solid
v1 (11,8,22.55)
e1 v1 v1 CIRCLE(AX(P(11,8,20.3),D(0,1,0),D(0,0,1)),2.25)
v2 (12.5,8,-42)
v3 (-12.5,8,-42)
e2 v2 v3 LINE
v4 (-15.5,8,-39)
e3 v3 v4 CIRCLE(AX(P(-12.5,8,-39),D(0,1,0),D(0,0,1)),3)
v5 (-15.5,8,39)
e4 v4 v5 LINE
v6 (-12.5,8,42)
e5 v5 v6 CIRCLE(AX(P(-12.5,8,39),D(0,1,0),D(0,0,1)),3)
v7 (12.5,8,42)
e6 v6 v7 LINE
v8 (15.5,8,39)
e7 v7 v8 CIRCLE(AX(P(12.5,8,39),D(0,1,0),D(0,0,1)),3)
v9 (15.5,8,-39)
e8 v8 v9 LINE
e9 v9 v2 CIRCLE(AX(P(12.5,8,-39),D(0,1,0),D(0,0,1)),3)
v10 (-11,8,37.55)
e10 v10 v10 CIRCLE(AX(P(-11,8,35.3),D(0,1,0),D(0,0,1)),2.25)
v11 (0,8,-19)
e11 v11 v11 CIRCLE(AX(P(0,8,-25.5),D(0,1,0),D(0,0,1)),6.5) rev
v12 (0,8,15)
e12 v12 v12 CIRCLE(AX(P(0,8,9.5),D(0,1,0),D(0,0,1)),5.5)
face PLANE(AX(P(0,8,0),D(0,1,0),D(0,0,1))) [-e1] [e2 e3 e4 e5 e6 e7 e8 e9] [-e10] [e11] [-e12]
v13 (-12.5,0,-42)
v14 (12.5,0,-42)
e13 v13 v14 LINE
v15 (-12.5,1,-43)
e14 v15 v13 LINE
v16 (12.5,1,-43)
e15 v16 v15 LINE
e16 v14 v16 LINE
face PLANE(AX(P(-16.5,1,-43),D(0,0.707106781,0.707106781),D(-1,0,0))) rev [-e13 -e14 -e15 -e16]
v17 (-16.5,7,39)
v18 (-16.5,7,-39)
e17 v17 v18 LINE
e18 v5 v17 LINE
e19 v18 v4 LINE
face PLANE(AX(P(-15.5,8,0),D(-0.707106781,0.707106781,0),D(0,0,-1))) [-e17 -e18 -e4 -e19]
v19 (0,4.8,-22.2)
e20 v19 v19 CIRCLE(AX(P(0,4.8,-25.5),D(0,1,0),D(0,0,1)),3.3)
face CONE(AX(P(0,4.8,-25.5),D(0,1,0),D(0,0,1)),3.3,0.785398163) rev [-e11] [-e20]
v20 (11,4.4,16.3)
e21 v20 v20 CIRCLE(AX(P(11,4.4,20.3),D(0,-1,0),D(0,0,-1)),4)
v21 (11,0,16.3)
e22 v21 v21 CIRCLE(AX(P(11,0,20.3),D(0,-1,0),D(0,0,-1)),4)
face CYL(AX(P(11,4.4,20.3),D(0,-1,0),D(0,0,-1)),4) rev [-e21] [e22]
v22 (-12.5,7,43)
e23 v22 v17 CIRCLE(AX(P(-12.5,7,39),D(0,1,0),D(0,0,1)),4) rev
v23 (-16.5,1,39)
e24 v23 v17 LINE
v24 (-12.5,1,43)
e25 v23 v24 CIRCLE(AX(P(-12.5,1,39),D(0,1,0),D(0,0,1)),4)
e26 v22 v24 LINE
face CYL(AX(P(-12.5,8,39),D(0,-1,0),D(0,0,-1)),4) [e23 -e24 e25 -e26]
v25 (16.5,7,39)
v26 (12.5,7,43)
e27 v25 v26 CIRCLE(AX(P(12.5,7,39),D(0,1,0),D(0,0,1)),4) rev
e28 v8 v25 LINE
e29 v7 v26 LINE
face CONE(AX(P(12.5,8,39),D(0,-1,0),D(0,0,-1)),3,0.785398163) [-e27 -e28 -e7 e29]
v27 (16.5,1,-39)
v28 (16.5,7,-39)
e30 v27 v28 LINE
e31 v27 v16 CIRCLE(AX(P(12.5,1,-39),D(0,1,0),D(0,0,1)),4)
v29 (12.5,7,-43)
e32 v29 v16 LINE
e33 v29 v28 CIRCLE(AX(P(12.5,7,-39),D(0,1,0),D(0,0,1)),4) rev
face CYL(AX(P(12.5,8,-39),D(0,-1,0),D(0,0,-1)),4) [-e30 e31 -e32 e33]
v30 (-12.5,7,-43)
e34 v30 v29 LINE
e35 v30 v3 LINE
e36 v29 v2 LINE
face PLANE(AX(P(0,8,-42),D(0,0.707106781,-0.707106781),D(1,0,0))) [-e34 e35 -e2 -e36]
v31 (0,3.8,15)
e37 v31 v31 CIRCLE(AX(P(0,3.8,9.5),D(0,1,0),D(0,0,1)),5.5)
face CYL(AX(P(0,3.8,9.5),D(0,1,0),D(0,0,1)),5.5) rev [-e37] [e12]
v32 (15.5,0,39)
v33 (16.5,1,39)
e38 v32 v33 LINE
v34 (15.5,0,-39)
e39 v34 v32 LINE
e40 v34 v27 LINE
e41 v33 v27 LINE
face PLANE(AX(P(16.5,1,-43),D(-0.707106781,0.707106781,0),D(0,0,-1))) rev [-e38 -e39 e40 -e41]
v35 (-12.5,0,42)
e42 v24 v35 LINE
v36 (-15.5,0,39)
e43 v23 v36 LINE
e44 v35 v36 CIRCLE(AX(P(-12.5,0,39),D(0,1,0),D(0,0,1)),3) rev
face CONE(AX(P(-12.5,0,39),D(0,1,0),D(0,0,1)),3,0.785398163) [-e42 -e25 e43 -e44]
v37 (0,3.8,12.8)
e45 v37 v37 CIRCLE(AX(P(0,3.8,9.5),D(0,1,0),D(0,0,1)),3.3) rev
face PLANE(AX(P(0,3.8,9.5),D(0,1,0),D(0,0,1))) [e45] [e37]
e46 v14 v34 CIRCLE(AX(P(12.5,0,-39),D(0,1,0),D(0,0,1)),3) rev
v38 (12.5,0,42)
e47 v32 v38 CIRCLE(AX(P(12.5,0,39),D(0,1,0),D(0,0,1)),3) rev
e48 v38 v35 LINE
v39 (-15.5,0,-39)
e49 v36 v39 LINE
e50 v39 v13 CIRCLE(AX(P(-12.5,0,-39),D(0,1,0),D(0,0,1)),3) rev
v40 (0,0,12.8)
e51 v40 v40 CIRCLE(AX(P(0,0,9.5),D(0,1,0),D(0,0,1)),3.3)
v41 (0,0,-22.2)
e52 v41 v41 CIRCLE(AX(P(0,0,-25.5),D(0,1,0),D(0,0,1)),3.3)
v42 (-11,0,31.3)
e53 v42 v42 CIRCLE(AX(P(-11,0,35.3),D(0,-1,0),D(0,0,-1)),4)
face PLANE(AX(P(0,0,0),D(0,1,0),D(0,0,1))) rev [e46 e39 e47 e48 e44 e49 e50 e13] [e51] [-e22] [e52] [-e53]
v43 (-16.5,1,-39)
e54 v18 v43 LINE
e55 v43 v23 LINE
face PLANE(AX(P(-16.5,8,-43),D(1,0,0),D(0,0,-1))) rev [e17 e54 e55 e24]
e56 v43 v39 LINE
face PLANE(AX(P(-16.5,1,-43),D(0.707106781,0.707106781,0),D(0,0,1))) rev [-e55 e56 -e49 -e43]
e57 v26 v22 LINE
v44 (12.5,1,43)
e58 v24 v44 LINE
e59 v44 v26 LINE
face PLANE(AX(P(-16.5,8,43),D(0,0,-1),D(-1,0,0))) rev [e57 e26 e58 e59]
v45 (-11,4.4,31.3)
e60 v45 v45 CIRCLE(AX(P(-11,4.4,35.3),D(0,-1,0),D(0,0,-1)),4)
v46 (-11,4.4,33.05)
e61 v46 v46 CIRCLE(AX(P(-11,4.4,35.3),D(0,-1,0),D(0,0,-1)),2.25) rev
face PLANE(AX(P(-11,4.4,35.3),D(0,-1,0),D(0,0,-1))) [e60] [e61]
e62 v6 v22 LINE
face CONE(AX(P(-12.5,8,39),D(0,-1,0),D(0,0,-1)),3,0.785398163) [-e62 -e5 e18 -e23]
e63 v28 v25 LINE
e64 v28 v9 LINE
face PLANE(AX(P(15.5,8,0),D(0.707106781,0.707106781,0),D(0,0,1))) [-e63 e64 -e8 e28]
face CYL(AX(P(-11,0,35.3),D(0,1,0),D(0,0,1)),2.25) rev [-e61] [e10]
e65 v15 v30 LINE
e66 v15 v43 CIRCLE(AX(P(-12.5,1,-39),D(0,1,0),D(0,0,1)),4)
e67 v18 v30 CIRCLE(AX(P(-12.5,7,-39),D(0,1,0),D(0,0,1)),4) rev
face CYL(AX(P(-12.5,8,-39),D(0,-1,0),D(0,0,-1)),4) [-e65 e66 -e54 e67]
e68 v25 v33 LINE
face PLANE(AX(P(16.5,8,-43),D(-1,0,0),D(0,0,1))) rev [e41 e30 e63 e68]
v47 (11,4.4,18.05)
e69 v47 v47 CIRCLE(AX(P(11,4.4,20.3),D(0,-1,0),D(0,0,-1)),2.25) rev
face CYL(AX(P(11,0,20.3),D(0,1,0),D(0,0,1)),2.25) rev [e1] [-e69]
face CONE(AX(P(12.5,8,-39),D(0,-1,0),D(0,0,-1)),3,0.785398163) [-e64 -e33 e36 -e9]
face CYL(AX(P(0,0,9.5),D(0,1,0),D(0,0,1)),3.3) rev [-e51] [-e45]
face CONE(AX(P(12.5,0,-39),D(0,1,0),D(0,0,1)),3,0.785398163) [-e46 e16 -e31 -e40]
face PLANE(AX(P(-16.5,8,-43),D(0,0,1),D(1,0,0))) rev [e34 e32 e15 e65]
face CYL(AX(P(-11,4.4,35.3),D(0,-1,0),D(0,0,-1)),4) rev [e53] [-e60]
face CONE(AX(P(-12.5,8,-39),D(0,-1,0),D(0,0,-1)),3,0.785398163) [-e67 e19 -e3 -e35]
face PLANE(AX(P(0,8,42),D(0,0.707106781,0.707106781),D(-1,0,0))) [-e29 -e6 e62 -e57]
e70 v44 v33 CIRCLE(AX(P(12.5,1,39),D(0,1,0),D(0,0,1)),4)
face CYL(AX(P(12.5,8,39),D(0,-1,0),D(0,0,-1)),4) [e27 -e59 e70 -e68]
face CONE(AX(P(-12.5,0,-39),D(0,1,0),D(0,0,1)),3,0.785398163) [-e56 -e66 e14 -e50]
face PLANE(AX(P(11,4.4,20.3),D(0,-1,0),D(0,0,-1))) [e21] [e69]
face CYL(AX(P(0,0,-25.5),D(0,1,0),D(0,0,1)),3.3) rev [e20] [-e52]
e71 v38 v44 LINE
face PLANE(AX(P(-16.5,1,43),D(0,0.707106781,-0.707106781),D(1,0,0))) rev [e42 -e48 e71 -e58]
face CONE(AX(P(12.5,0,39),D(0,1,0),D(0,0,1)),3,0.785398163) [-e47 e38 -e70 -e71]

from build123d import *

# Parameters (mm, degrees)
SKETCH1_W           = 33
SKETCH1_H           = 86
BOSS_EXTRUDE1_DEPTH = 8
FILLET1_R           = 4
CHAMFER1_SIZE       = 1
SKETCH2_R           = 3.3
SKETCH2_R_2         = 2.25
CUT_EXTRUDE1_DEPTH  = 8
SKETCH3_R           = 5.5
CUT_EXTRUDE2_DEPTH  = 4.2
CHAMFER3_SIZE       = 3.2
SKETCH4_R           = 4
CUT_EXTRUDE3_DEPTH  = 4.4


with BuildPart() as part:
    # Sketch1 → Boss-Extrude1 (new body)
    with BuildSketch(Plane(origin=(0, 0, 0), x_dir=(1, 0, 0), z_dir=(0, 1, 0))):
        Rectangle(SKETCH1_W, SKETCH1_H)
    extrude(amount=BOSS_EXTRUDE1_DEPTH)

    # Fillet1
    fillet1_edges = [part.edges().sort_by_distance(p)[0] for p in [
        (16.5, 4, 43),
        (-16.5, 4, 43),
        (-16.5, 4, -43),
        (16.5, 4, -43),
    ]]
    fillet(fillet1_edges, radius=FILLET1_R)

    # Chamfer1
    chamfer1_edges = [part.edges().sort_by_distance(p)[0] for p in [
        (-16.5, 0, 0),
        (-16.5, 8, 0),
        (16.5, 0, 0),
        (0, 0, 43),
        (0, 0, -43),
        (15.328427125, 0, 41.828427125),
        (-15.328427125, 0, 41.828427125),
        (15.328427125, 0, -41.828427125),
        (-15.328427125, 0, -41.828427125),
        (0, 8, -43),
        (16.5, 8, 0),
        (0, 8, 43),
        (15.328427125, 8, 41.828427125),
        (-15.328427125, 8, 41.828427125),
        (15.328427125, 8, -41.828427125),
        (-15.328427125, 8, -41.828427125),
    ]]
    chamfer(chamfer1_edges, length=CHAMFER1_SIZE)

    # Sketch2 → Cut-Extrude1 (cut)
    with BuildSketch(Plane(origin=(0, 8, 0), x_dir=(1, 0, 0), z_dir=(0, 1, 0))):
        with Locations((0, 25.5)):
            Circle(SKETCH2_R)
        with Locations((0, -9.5)):
            Circle(SKETCH2_R)
        with Locations((11, -20.3)):
            Circle(SKETCH2_R_2)
        with Locations((-11, -35.3)):
            Circle(SKETCH2_R_2)
    extrude(amount=-CUT_EXTRUDE1_DEPTH, mode=Mode.SUBTRACT)

    # Sketch3 → Cut-Extrude2 (cut)
    with BuildSketch(Plane(origin=(0, 8, 0), x_dir=(1, 0, 0), z_dir=(0, 1, 0))):
        with Locations((0, -9.5)):
            Circle(SKETCH3_R)
    extrude(amount=-CUT_EXTRUDE2_DEPTH, mode=Mode.SUBTRACT)

    # Chamfer3
    chamfer3_edges = [part.edges().sort_by_distance(p)[0] for p in [
        (-3.3, 8, -25.5),
    ]]
    chamfer(chamfer3_edges, length=CHAMFER3_SIZE)

    # Sketch4 → Cut-Extrude3 (cut)
    with BuildSketch(Plane.XZ):
        with Locations((11, 20.3)):
            Circle(SKETCH4_R)
        with Locations((-11, 35.3)):
            Circle(SKETCH4_R)
    extrude(amount=-CUT_EXTRUDE3_DEPTH, mode=Mode.SUBTRACT)


solid = part.part
